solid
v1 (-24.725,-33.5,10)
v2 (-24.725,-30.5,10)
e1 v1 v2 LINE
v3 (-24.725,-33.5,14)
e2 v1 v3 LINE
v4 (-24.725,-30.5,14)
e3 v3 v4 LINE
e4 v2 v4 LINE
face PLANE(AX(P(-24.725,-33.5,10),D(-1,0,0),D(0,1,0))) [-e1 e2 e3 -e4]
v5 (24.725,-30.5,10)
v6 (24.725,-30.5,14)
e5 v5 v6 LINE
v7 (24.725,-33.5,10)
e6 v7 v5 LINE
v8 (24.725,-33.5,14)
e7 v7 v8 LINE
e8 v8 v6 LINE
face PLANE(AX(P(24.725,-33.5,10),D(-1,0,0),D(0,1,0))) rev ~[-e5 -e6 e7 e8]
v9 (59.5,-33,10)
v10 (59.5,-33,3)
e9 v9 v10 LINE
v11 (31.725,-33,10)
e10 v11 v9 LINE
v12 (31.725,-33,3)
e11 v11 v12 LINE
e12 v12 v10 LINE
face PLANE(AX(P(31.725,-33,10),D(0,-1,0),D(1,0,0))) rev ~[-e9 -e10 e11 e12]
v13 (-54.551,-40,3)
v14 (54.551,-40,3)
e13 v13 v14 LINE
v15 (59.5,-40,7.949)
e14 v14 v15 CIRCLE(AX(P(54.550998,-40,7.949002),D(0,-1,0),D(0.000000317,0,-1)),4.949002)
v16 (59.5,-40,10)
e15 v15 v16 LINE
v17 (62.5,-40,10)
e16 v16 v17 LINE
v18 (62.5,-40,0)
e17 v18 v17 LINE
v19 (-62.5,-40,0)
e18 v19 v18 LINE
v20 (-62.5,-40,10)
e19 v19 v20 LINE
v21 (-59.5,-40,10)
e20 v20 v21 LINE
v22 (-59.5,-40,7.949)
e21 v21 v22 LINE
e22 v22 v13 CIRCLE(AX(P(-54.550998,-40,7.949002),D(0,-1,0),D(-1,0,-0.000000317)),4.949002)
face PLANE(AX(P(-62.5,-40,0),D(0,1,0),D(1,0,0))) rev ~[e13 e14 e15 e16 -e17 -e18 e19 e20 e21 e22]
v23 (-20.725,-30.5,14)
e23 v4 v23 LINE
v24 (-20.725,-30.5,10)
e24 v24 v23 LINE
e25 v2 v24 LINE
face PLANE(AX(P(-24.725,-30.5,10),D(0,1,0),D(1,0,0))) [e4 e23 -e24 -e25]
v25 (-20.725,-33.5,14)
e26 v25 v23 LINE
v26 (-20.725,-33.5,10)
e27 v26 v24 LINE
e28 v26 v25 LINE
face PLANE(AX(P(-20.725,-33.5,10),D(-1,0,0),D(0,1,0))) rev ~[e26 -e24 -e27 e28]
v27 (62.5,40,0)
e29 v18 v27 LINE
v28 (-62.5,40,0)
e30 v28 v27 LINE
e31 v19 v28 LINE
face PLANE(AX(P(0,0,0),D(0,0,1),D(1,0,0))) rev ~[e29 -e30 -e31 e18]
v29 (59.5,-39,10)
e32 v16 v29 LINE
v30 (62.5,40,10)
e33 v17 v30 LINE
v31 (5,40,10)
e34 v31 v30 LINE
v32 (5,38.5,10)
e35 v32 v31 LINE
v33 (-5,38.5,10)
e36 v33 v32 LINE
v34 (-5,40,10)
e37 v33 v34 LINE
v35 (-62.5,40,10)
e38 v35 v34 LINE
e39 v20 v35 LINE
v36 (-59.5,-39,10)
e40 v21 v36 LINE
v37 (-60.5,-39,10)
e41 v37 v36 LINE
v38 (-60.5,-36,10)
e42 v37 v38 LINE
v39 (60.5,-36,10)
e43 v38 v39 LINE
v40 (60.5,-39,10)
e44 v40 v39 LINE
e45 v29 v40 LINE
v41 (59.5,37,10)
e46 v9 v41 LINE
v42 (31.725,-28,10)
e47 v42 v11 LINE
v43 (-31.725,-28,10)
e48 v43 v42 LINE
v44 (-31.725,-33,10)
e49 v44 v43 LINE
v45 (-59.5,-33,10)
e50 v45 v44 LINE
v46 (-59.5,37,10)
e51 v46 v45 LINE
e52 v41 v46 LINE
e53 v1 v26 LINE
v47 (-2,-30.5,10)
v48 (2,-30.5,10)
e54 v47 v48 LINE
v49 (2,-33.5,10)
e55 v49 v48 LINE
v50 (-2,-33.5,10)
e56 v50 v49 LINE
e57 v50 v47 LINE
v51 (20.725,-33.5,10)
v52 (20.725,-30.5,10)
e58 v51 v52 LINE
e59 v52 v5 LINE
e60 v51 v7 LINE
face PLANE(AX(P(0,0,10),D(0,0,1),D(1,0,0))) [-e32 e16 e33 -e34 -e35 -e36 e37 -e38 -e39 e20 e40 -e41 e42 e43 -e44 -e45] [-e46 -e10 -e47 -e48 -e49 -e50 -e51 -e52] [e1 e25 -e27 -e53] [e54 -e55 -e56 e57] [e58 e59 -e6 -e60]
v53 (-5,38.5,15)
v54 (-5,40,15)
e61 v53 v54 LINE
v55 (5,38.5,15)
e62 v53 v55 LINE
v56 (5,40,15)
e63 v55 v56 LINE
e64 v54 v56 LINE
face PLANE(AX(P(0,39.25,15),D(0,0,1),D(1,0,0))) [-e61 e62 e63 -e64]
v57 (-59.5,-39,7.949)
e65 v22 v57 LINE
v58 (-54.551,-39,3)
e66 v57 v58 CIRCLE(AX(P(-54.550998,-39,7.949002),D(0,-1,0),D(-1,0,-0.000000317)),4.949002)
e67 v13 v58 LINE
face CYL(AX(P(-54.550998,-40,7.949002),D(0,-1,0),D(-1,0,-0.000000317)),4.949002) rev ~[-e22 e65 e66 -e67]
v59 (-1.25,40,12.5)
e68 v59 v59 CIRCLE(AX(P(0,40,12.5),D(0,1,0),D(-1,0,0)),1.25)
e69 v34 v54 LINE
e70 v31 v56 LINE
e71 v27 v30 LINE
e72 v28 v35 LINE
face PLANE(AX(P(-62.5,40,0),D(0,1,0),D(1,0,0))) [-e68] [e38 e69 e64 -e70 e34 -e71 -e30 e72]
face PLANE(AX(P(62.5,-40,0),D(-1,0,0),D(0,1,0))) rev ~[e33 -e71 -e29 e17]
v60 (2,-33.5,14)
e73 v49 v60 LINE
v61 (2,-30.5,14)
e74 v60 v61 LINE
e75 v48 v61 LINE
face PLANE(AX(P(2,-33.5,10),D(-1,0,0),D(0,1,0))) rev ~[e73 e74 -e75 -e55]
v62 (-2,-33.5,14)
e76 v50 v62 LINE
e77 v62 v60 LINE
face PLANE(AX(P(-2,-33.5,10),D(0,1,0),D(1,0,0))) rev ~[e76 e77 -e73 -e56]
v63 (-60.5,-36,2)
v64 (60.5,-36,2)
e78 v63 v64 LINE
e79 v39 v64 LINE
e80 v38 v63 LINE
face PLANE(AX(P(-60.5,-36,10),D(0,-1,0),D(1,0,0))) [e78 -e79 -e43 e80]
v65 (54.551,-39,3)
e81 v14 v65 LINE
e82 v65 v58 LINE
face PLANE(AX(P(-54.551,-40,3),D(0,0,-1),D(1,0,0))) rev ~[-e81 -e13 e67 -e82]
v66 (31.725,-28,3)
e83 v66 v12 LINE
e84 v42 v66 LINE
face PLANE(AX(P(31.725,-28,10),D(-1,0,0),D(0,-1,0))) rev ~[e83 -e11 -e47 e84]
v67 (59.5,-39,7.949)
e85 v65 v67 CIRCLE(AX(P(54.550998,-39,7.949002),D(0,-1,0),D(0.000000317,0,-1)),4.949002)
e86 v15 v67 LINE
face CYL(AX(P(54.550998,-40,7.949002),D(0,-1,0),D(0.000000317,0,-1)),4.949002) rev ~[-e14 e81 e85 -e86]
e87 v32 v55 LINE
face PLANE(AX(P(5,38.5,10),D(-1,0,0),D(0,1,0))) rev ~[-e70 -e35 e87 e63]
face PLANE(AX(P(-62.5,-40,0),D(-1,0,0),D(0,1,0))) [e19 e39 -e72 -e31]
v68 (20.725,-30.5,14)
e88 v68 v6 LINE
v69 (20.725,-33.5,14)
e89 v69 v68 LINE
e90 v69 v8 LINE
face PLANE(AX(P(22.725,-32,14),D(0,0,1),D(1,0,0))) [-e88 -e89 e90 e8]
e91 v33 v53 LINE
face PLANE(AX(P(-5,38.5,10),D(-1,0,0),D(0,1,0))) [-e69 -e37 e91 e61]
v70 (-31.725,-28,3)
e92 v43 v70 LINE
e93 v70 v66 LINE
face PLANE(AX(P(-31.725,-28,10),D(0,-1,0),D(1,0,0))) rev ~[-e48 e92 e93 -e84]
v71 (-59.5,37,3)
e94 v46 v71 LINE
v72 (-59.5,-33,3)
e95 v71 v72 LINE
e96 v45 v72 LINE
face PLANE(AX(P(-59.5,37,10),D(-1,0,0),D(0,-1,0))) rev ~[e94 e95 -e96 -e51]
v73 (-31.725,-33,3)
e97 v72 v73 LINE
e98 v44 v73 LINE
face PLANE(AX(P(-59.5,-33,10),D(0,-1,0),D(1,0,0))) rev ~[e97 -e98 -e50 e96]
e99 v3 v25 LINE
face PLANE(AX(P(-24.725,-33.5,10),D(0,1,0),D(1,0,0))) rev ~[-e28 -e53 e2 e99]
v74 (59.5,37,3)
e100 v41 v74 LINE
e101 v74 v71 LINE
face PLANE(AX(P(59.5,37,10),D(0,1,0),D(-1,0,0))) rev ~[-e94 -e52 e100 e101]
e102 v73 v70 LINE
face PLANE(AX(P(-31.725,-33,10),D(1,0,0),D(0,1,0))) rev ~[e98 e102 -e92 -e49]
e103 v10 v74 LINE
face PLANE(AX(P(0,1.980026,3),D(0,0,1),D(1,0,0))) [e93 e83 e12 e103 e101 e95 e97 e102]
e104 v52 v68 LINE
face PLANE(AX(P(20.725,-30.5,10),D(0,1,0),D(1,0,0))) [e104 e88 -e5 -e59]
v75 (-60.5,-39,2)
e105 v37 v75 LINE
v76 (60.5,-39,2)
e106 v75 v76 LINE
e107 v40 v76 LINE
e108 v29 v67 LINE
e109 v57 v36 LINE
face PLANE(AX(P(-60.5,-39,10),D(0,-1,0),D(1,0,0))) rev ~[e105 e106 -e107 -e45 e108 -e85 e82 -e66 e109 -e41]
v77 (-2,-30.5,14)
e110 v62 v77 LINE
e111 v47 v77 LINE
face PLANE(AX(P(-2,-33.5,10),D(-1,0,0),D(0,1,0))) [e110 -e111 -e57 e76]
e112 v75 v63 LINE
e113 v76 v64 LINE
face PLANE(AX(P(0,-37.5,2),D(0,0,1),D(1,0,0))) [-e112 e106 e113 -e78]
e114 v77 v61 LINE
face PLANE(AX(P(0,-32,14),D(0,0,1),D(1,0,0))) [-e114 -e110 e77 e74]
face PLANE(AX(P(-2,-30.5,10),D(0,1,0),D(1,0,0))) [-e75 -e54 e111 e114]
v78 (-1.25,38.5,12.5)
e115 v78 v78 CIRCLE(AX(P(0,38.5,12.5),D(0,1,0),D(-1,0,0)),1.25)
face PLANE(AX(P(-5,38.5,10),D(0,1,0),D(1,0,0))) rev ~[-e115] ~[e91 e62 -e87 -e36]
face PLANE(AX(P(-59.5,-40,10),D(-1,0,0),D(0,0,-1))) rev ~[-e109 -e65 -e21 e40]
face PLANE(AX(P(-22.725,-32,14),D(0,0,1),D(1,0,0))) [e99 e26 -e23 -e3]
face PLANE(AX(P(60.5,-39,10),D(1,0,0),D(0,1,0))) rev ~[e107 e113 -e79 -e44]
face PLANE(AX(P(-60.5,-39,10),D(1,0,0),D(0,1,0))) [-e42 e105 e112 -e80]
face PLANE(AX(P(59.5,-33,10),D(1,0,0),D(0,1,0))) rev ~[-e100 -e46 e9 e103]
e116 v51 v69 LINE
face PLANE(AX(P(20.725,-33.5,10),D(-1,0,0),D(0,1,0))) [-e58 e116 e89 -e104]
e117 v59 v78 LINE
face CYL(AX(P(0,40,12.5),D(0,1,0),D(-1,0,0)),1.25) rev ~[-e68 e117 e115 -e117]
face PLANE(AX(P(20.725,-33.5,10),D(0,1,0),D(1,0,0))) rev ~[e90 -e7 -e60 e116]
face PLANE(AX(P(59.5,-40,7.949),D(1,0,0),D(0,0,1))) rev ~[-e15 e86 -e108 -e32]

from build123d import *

# Parameters (mm, degrees)
F0_W      = 125
F0_H      = 80
F1_DEPTH  = 10
F3_DEPTH  = 7
F4_W      = 10
F4_H      = 1.5
F5_DEPTH  = 5
F6_R      = 1.25
F7_DEPTH  = 25
F8_W      = 4
F8_H      = 3
F9_DEPTH  = 4
F11_DEPTH = 4
F12_W     = 121
F12_H     = 3
F13_DEPTH = 8


with BuildPart() as f1:
    # F0 (on Top) → F1 (new body)
    with BuildSketch(Plane.XY):
        Rectangle(F0_W, F0_H)
    extrude(amount=F1_DEPTH)

    # F2 (on face) → F3 (cut)
    with BuildSketch(Plane.XY.offset(10)):
        Polygon((59.5, 37), (-59.5, 37), (-59.5, -33), (-31.725, -33), (-31.725, -28), (31.725, -28), (31.725, -33), (59.5, -33), align=None)
    extrude(amount=-F3_DEPTH, mode=Mode.SUBTRACT)

    # F4 (on face) → F5 (join)
    with BuildSketch(Plane.XY.offset(10)):
        with Locations((0, 39.25)):
            Rectangle(F4_W, F4_H)
    extrude(amount=F5_DEPTH)

    # F6 (on face) → F7 (cut)
    with BuildSketch(Plane(origin=(0, 40, 0), x_dir=(-1, 0, 0), z_dir=(0, 1, 0))):
        with Locations((0, 12.5)):
            Circle(F6_R)
    extrude(amount=-F7_DEPTH, mode=Mode.SUBTRACT)

    # F8 (on face) → F9 (join)
    with BuildSketch(Plane.XY.offset(10)):
        with Locations((0, -32)):
            Rectangle(F8_W, F8_H)
        with Locations((22.725, -32)):
            Rectangle(F8_W, F8_H)
        with Locations((-22.725, -32)):
            Rectangle(F8_W, F8_H)
    extrude(amount=F9_DEPTH)

    # F10 (on face) → F11 (cut)
    with BuildSketch(Plane.XZ.offset(40)):
        with BuildLine():
            ThreePointArc((54.551, 3), (58.050471, 4.449529), (59.5, 7.949))
            Line((59.5, 7.949), (59.5, 10))
            Line((59.5, 10), (0, 10))
            Line((0, 10), (-59.5, 10))
            Line((-59.5, 10), (-59.5, 7.949))
            ThreePointArc((-59.5, 7.949), (-58.050471, 4.449529), (-54.551, 3))
            Line((-54.551, 3), (0, 3))
            Line((0, 3), (54.551, 3))
        make_face()
    extrude(amount=-F11_DEPTH, mode=Mode.SUBTRACT)

    # F12 (on face) → F13 (cut)
    with BuildSketch(Plane.XY.offset(10)):
        with Locations((0, -37.5)):
            Rectangle(F12_W, F12_H)
    extrude(amount=-F13_DEPTH, mode=Mode.SUBTRACT)


solid = f1.part
